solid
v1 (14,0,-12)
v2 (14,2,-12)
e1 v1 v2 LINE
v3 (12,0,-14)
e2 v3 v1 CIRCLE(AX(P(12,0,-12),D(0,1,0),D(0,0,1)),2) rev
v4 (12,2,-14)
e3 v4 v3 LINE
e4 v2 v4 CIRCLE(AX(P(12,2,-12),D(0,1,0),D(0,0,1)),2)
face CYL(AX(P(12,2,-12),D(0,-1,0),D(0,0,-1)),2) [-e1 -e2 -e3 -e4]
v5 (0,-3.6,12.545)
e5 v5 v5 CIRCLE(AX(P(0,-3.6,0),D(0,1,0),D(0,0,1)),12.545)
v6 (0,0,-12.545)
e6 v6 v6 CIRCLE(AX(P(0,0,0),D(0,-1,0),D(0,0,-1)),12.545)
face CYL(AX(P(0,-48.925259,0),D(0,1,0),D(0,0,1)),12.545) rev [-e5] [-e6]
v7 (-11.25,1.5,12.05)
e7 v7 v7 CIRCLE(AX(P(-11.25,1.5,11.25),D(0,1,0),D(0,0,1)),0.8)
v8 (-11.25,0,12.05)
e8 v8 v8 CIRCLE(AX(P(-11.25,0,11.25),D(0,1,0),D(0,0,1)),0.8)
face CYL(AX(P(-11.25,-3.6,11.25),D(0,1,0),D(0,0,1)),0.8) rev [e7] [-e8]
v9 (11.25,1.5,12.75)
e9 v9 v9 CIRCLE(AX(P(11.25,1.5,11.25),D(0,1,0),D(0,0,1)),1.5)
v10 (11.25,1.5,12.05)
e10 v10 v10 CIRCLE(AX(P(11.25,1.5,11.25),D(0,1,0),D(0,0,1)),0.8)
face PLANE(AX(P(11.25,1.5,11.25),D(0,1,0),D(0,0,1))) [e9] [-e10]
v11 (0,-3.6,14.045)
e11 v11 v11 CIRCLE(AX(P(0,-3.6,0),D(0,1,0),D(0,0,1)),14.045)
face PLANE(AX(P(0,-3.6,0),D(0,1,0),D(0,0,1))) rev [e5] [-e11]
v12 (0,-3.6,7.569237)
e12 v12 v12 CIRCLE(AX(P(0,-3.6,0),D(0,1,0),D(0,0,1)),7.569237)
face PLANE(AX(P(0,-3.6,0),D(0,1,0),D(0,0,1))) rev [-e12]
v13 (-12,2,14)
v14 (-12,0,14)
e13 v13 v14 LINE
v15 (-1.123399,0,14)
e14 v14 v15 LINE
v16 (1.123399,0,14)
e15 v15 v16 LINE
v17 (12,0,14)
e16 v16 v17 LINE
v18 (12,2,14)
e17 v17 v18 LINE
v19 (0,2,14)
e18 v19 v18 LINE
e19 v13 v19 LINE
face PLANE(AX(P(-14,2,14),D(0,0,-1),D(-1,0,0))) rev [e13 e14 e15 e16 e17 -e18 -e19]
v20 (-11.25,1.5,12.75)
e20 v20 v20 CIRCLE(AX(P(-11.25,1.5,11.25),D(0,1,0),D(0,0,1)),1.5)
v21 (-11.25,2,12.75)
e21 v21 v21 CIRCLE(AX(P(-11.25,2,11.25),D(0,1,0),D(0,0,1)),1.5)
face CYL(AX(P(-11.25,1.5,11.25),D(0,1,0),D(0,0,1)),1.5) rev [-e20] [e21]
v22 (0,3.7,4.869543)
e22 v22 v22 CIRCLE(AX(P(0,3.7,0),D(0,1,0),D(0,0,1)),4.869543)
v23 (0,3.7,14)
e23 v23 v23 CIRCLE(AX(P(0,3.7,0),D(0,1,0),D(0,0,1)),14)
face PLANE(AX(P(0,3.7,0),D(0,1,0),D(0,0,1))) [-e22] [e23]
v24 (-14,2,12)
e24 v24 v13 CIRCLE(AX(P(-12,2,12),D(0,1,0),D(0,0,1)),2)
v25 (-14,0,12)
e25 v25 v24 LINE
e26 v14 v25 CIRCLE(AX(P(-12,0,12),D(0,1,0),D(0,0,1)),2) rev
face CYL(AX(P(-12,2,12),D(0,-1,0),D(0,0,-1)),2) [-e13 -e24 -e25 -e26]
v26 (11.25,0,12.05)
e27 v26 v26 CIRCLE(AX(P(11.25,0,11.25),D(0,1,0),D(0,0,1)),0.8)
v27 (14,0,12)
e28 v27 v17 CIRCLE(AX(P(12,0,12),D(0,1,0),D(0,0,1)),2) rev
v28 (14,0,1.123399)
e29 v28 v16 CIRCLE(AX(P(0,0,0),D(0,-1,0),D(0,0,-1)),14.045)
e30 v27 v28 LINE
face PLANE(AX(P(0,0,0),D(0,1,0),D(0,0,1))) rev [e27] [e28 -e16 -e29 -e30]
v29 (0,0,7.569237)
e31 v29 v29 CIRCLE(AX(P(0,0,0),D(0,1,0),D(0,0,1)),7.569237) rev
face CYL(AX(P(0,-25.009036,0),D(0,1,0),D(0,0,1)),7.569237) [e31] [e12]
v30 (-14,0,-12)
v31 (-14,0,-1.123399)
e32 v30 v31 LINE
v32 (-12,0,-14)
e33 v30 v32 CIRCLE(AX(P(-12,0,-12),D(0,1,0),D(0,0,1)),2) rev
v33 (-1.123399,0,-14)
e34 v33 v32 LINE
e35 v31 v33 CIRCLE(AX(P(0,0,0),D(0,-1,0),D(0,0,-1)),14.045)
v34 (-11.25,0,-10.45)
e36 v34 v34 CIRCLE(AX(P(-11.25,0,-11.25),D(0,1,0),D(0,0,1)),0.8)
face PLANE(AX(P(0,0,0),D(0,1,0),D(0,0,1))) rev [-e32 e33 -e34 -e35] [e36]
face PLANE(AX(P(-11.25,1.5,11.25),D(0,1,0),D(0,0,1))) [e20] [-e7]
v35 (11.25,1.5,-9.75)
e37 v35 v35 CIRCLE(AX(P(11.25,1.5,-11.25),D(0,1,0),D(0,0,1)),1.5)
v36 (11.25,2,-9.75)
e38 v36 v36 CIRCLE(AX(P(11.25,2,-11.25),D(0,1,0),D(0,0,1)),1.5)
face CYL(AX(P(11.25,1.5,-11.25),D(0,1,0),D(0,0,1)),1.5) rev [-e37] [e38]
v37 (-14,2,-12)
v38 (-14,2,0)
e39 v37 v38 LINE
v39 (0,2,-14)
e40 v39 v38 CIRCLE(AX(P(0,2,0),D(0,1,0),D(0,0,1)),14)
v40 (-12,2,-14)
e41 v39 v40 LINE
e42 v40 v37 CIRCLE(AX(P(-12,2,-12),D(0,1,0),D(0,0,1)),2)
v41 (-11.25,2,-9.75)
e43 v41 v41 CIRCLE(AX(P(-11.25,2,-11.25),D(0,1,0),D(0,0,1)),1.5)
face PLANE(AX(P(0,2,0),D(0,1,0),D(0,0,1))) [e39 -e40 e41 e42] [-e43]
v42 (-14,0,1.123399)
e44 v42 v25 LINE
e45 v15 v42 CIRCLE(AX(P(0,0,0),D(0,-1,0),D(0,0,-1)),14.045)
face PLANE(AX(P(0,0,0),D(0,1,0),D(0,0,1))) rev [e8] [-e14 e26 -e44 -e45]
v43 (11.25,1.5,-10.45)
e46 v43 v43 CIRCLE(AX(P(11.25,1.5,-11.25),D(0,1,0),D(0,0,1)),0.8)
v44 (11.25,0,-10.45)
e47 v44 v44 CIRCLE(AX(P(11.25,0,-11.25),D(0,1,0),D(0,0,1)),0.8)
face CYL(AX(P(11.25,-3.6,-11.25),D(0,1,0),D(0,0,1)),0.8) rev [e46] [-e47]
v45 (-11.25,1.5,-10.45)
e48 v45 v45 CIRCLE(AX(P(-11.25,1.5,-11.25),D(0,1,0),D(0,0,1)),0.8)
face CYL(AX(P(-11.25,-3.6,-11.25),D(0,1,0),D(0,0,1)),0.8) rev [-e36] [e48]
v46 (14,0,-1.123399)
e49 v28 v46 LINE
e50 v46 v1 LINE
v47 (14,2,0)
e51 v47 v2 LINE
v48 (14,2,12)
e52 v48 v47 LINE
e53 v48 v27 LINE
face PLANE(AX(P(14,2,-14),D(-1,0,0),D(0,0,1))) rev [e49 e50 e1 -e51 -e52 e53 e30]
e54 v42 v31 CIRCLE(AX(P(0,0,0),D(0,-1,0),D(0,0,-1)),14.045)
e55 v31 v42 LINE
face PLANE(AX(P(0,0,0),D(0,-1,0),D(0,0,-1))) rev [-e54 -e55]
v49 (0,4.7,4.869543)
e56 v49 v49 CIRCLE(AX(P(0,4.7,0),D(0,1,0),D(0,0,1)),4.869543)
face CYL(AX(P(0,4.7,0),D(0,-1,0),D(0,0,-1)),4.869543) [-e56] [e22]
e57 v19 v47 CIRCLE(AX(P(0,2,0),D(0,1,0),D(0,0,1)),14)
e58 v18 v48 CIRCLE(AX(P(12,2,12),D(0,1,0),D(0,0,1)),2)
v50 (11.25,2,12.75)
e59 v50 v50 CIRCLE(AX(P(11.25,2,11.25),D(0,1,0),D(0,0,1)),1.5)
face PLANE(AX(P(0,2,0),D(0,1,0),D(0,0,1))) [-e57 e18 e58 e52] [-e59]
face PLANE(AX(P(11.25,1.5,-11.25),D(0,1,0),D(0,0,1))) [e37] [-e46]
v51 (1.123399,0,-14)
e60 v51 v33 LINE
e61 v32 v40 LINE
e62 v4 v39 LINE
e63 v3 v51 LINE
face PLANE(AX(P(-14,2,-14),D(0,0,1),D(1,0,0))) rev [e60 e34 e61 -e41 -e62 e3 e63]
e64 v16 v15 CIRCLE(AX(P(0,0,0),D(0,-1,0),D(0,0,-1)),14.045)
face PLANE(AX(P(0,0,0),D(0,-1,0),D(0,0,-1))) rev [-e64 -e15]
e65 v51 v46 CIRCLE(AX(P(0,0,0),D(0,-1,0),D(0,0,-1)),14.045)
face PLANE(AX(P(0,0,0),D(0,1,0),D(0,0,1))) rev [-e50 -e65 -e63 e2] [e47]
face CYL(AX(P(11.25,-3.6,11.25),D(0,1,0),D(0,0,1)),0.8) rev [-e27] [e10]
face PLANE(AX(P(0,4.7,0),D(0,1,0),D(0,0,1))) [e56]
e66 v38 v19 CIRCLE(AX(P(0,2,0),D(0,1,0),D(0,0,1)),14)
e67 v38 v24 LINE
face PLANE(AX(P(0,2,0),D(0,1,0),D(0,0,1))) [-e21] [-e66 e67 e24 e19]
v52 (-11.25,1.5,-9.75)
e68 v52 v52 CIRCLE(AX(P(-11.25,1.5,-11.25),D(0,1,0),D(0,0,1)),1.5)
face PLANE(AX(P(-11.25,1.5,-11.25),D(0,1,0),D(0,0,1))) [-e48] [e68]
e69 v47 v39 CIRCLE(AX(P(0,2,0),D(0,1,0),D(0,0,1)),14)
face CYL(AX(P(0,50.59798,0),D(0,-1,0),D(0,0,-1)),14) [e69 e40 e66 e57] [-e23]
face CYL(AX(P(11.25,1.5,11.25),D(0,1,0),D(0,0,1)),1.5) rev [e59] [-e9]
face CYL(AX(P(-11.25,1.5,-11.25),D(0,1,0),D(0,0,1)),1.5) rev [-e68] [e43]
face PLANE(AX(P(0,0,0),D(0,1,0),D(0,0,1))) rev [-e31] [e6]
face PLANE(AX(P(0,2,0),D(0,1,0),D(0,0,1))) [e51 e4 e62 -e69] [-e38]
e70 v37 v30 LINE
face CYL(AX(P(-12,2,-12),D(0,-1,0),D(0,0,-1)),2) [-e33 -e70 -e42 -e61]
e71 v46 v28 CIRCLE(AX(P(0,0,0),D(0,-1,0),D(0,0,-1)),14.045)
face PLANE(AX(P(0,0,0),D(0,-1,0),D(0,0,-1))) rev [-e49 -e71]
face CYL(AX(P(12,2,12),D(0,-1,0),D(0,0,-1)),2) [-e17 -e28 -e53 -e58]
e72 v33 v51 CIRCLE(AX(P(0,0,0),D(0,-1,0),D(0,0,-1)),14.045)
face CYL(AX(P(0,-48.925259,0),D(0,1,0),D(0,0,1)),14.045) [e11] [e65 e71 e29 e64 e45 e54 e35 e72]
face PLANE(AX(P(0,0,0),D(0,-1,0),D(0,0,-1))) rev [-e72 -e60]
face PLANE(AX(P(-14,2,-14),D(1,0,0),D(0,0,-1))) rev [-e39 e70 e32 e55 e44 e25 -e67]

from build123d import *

# Parameters (mm, degrees)
SKETCH1_W           = 28
SKETCH1_H           = 28
BOSS_EXTRUDE1_DEPTH = 2
SKETCH2_R           = 14.045
SKETCH2_R_2         = 12.545
BOSS_EXTRUDE2_DEPTH = 3.6
SKETCH3_R           = 14
BOSS_EXTRUDE3_DEPTH = 1.7
SKETCH4_R           = 4.869542796
BOSS_EXTRUDE4_DEPTH = 1
SKETCH5_R           = 7.569237382
BOSS_EXTRUDE5_DEPTH = 3.6
SKETCH6_R           = 1.5
CUT_EXTRUDE1_DEPTH  = 0.5
SKETCH7_R           = 0.8
CUT_EXTRUDE2_DEPTH  = 6.1
FILLET1_R           = 2


with BuildPart() as part:
    # Sketch1 → Boss-Extrude1 (new body)
    with BuildSketch(Plane(origin=(0, 0, 0), x_dir=(1, 0, 0), z_dir=(0, 1, 0))):
        Rectangle(SKETCH1_W, SKETCH1_H)
    extrude(amount=BOSS_EXTRUDE1_DEPTH)

    # Sketch2 → Boss-Extrude2 (add)
    with BuildSketch(Plane.XZ):
        Circle(SKETCH2_R)
        Circle(SKETCH2_R_2, mode=Mode.SUBTRACT)
    extrude(amount=BOSS_EXTRUDE2_DEPTH)

    # Sketch3 → Boss-Extrude3 (add)
    with BuildSketch(Plane(origin=(0, 2, 0), x_dir=(1, 0, 0), z_dir=(0, 1, 0))):
        Circle(SKETCH3_R)
    extrude(amount=BOSS_EXTRUDE3_DEPTH)

    # Sketch4 → Boss-Extrude4 (add)
    with BuildSketch(Plane(origin=(0, 3.7, 0), x_dir=(1, 0, 0), z_dir=(0, 1, 0))):
        Circle(SKETCH4_R)
    extrude(amount=BOSS_EXTRUDE4_DEPTH)

    # Sketch5 → Boss-Extrude5 (add)
    with BuildSketch(Plane.XZ):
        Circle(SKETCH5_R)
    extrude(amount=BOSS_EXTRUDE5_DEPTH)

    # Sketch6 → Cut-Extrude1 (cut)
    with BuildSketch(Plane(origin=(0, 2, 0), x_dir=(1, 0, 0), z_dir=(0, 1, 0))):
        with Locations((11.25, 11.25)):
            Circle(SKETCH6_R)
        with Locations((-11.25, 11.25)):
            Circle(SKETCH6_R)
        with Locations((-11.25, -11.25)):
            Circle(SKETCH6_R)
        with Locations((11.25, -11.25)):
            Circle(SKETCH6_R)
    extrude(amount=-CUT_EXTRUDE1_DEPTH, mode=Mode.SUBTRACT)

    # Sketch7 → Cut-Extrude2 (cut, through all)
    with BuildSketch(Plane(origin=(0, 1.5, 0), x_dir=(1, 0, 0), z_dir=(0, 1, 0))):
        with Locations((-11.25, 11.25)):
            Circle(SKETCH7_R)
        with Locations((11.25, 11.25)):
            Circle(SKETCH7_R)
        with Locations((11.25, -11.25)):
            Circle(SKETCH7_R)
        with Locations((-11.25, -11.25)):
            Circle(SKETCH7_R)
    extrude(amount=-CUT_EXTRUDE2_DEPTH, mode=Mode.SUBTRACT)

    # Fillet1
    fillet1_edges = [part.edges().sort_by_distance(p)[0] for p in [
        (14, 1, 14),
        (-14, 1, 14),
        (-14, 1, -14),
        (14, 1, -14),
    ]]
    fillet(fillet1_edges, radius=FILLET1_R)


solid = part.part
